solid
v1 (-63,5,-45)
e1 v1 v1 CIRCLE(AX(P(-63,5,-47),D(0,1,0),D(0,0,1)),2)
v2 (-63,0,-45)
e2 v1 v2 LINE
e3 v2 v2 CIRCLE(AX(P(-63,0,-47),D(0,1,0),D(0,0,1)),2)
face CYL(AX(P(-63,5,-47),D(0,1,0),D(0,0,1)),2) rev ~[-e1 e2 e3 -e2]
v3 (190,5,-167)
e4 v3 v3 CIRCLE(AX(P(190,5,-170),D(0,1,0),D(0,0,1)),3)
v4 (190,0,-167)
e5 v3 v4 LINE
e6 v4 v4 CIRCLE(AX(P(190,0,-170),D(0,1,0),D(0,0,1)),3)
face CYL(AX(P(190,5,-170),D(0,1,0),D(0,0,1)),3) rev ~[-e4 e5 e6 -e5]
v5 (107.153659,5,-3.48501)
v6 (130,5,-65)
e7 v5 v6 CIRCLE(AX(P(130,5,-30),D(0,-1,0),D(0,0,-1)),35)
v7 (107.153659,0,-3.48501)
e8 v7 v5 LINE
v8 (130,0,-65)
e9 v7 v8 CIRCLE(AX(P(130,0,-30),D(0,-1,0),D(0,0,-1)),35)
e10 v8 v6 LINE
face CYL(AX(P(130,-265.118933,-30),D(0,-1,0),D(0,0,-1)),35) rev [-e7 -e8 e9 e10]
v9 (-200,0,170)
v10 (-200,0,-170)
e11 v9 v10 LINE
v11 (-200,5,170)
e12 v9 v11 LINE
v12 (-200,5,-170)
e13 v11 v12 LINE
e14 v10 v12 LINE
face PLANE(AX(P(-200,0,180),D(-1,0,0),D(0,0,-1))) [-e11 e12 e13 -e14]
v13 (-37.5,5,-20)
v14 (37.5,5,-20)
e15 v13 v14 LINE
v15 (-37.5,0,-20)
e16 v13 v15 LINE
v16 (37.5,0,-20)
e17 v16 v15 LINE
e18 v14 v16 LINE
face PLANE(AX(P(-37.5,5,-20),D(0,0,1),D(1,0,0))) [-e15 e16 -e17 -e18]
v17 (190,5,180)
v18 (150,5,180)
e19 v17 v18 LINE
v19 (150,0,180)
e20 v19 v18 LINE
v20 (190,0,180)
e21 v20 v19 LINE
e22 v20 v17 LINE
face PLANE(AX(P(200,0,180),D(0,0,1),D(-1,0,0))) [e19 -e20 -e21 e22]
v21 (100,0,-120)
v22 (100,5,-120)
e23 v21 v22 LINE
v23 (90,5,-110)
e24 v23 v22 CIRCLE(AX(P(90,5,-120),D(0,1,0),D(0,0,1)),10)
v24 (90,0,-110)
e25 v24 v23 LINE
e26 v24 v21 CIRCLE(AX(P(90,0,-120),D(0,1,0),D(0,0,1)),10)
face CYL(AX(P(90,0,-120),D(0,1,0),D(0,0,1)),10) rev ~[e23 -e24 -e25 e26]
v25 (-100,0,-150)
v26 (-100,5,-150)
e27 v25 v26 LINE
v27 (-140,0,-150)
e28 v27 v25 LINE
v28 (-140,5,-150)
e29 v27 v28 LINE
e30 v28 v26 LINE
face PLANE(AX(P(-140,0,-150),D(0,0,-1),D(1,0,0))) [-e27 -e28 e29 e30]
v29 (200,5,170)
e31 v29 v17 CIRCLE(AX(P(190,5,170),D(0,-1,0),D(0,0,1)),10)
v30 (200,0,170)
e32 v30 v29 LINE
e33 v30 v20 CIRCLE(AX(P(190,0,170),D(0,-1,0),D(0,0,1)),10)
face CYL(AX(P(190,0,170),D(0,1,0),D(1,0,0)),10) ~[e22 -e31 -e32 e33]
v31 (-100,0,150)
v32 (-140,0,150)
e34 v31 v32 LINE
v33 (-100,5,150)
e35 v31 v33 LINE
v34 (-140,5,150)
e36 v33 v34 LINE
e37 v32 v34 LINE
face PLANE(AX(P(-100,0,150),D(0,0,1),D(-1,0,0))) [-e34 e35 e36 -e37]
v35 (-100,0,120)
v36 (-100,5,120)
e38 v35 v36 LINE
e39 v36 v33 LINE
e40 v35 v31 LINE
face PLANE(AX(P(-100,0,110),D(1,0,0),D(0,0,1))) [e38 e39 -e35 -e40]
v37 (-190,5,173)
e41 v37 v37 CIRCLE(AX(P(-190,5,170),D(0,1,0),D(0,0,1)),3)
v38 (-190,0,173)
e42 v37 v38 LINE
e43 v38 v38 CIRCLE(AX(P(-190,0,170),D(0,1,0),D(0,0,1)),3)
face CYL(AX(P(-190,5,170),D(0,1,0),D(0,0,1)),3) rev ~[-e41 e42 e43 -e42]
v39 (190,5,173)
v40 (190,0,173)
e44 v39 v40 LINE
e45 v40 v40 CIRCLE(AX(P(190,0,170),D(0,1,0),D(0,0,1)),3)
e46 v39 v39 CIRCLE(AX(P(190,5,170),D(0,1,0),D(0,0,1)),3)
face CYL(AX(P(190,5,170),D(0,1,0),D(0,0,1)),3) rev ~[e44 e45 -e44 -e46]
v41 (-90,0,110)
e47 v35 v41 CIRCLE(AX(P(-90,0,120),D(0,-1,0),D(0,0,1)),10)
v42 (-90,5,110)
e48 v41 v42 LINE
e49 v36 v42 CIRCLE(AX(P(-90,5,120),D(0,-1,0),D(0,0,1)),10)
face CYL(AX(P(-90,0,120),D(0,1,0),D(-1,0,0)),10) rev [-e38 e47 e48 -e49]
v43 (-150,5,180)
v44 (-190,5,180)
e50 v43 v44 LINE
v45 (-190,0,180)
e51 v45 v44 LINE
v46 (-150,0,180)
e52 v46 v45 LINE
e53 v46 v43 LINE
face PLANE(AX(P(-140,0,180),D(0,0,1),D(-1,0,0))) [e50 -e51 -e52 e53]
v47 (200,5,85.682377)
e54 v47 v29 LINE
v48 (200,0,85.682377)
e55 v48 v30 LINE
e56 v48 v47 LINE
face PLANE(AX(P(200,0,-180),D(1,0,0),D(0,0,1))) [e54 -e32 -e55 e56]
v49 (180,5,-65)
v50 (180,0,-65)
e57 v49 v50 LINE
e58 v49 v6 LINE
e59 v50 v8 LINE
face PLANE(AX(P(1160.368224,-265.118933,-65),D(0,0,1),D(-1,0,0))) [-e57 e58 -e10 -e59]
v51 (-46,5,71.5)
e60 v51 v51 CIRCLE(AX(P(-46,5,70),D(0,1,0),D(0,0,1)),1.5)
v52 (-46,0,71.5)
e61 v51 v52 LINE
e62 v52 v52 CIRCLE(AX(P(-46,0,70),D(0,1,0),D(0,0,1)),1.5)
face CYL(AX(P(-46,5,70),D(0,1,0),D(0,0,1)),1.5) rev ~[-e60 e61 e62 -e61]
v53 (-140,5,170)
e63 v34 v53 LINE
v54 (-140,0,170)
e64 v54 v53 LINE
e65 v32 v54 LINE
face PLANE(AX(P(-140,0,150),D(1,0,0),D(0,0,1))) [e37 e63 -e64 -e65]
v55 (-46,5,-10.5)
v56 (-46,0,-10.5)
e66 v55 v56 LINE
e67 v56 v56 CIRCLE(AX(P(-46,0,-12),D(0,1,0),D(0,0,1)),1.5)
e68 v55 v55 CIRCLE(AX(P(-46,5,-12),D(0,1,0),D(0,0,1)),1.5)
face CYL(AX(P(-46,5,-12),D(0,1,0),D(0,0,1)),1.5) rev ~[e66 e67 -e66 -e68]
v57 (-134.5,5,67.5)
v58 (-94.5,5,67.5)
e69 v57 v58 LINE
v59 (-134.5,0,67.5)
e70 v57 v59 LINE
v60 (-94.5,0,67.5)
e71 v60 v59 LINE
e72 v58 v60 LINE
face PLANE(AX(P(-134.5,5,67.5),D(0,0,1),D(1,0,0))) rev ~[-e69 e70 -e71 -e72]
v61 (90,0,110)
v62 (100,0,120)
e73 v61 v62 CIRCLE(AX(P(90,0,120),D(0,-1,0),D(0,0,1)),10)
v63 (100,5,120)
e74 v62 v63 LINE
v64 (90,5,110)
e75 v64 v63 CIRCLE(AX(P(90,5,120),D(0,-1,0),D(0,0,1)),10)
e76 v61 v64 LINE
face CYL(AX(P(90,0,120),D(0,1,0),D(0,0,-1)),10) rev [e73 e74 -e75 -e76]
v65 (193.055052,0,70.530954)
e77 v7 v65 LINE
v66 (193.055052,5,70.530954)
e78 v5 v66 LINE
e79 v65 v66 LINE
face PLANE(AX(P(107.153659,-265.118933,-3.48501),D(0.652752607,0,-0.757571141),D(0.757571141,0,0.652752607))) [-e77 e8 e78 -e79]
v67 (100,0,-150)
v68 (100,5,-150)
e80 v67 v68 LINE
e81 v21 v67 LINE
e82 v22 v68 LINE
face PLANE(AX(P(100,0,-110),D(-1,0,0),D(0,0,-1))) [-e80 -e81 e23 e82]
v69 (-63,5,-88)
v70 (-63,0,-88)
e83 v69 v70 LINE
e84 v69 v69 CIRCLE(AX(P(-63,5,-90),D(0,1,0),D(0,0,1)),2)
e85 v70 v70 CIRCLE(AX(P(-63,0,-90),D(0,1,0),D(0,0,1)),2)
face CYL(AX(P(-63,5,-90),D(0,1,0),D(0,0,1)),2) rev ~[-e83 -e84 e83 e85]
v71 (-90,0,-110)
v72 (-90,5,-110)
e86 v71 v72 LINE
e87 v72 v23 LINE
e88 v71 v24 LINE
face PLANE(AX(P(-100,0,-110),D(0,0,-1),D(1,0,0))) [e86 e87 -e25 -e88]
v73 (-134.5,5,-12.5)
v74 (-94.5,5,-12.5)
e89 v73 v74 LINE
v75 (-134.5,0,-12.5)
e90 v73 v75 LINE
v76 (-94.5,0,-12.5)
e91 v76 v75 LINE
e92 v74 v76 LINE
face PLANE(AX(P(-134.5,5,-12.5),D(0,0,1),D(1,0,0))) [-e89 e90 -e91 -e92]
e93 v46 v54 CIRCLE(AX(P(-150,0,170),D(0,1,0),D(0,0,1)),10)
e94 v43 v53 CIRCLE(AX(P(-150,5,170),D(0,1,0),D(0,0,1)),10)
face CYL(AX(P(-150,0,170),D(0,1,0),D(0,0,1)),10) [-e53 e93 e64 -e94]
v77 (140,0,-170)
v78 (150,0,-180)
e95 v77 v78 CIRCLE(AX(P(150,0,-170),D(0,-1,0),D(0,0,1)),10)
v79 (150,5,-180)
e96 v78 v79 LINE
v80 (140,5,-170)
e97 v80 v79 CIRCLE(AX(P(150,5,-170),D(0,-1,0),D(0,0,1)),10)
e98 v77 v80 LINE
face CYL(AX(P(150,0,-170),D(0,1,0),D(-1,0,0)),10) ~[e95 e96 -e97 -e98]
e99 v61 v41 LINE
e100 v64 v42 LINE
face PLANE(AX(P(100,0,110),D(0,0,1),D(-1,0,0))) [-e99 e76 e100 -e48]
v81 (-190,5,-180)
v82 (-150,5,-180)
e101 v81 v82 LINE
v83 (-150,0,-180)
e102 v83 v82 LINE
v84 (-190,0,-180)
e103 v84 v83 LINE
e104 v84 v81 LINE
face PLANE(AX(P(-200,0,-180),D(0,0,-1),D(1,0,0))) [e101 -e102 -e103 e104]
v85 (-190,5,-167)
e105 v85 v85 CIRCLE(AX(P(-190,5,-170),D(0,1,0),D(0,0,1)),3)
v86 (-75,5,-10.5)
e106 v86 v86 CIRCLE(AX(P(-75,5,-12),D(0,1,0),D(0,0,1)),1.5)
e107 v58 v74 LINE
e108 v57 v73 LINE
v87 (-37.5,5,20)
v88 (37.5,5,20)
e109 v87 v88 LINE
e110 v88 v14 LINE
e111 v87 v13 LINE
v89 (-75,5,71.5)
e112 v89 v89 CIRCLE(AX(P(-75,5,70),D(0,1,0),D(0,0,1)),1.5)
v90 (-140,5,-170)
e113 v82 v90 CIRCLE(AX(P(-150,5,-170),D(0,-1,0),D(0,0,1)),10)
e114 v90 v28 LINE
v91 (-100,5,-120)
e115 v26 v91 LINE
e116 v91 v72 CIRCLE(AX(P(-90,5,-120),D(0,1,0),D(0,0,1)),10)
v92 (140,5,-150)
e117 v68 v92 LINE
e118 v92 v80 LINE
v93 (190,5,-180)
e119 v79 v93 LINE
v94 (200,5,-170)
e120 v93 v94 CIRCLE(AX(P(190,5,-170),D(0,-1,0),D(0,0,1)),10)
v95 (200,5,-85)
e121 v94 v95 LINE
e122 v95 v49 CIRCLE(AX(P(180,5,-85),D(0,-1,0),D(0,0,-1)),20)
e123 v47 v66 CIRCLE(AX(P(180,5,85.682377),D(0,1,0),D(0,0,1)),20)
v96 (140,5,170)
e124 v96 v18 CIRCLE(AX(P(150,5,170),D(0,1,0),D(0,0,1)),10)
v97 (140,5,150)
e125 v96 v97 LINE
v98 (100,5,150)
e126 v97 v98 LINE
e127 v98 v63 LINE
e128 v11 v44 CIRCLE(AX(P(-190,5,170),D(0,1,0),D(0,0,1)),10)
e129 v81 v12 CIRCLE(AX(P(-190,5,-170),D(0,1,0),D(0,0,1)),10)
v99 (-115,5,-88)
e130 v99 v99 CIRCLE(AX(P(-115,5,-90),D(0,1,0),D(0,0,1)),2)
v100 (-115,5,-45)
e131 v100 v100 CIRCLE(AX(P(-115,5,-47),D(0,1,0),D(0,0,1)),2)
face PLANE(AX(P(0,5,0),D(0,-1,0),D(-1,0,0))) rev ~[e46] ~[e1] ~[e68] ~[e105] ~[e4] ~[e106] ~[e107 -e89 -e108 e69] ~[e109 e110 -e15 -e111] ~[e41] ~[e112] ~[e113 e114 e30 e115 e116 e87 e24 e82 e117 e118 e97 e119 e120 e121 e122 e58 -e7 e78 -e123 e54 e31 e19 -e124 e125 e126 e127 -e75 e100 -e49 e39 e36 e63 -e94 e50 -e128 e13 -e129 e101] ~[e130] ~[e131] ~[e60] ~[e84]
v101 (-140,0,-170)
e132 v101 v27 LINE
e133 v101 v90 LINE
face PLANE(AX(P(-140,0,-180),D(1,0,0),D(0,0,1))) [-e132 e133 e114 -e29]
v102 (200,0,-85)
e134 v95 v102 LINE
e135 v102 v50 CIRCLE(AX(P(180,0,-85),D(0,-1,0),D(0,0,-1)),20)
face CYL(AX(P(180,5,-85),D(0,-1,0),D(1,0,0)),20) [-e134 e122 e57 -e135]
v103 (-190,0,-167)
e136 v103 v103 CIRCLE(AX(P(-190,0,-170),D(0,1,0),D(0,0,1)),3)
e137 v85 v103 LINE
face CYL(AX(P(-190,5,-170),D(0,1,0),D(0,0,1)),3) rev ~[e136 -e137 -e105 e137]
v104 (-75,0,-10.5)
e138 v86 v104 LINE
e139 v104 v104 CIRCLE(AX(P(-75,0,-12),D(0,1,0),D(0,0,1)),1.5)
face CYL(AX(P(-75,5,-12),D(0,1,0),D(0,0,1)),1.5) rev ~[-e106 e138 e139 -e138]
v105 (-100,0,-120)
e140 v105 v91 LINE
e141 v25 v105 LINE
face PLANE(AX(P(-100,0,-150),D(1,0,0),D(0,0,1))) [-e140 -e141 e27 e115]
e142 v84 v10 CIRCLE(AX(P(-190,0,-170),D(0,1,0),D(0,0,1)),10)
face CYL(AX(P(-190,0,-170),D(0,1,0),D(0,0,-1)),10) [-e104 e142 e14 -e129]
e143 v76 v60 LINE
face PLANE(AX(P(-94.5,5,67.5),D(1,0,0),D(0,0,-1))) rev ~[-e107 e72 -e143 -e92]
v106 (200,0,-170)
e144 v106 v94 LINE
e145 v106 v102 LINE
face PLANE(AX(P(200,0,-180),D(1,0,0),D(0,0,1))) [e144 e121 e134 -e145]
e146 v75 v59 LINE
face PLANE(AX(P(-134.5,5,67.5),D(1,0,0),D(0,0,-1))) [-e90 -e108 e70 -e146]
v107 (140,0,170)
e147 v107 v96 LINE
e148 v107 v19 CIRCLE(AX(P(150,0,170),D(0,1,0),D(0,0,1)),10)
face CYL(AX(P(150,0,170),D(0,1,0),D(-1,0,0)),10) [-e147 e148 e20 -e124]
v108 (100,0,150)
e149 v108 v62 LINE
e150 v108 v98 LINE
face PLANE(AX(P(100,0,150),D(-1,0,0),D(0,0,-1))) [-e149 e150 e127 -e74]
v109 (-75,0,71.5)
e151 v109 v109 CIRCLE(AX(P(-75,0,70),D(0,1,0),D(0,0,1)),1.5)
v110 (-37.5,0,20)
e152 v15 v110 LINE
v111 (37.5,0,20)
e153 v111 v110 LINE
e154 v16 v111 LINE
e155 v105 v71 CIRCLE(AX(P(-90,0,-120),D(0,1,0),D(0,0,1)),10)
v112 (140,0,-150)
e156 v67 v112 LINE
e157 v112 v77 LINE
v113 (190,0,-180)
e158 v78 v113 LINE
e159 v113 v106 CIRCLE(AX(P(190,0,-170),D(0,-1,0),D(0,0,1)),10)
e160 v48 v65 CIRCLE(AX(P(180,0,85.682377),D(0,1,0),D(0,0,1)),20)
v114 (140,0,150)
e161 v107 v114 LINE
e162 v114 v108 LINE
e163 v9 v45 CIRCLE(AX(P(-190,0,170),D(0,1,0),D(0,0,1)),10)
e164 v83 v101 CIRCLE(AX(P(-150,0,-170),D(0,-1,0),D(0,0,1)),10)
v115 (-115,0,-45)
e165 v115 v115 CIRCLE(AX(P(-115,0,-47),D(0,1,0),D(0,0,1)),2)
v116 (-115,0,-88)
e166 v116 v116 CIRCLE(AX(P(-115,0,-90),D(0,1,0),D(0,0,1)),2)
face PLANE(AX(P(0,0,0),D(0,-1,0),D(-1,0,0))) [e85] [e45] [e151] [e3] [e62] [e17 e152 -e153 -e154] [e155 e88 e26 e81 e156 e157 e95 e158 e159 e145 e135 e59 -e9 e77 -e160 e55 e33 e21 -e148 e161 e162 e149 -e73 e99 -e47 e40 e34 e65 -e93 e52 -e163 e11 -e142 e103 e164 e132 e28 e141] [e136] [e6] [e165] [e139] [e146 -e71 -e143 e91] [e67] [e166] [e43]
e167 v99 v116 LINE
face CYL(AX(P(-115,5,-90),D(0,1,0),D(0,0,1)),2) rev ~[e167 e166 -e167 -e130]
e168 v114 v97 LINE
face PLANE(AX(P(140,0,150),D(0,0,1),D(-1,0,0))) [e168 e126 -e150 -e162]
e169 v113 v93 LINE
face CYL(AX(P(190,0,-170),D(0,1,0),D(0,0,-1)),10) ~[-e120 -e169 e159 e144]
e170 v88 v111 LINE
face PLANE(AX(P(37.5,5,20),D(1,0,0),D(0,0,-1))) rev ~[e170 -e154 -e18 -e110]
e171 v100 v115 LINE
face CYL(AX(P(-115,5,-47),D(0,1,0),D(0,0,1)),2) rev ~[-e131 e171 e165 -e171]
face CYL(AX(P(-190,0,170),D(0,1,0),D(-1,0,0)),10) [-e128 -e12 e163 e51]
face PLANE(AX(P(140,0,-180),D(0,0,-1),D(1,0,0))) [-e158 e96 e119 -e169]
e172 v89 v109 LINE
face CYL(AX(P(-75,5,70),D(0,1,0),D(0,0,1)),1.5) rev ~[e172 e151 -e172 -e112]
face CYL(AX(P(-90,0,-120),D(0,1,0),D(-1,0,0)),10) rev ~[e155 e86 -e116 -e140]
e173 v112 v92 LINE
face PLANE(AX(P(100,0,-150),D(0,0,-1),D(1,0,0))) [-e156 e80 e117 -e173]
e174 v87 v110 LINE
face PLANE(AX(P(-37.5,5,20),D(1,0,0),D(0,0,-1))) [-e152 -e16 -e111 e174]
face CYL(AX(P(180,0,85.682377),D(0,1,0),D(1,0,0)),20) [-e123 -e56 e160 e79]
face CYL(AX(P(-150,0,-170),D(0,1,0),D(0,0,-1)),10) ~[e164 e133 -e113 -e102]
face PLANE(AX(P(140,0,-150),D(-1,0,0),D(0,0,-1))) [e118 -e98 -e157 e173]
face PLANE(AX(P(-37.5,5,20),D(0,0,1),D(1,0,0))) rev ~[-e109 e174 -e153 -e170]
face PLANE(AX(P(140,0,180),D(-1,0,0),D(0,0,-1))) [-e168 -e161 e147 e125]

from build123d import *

# Parameters (mm, degrees)
SKETCH_4_R                = 15
EXTRUDE_1_DEPTH           = 5
SKETCH_6_R                = 1.5
SKETCH_6_R_2              = 2
SKETCH_6_R_3              = 1.6
SKETCH_6_R_4              = 1.75
CUT_EXTRUDE_2_DEPTH       = 5
SKETCH_8_R                = 3
CUT_EXTRUDE_4_DEPTH       = 10
FILLET_1_R                = 10
CUT_EXTRUDE_24_DEPTH      = 270.118932816
CUT_EXTRUDE_24_DEPTH_BACK = 270.118932816
SKETCH_23_W               = 75
SKETCH_23_H               = 40
SKETCH_23_W_2             = 40
SKETCH_23_H_2             = 80
CUT_EXTRUDE_26_DEPTH      = 270.118932816
FILLET_2_R                = 20


with BuildPart() as part:
    # 草圖4 → 伸長1 (new body)
    with BuildSketch(Plane(origin=(0, 0, 0), x_dir=(1, 0, 0), z_dir=(0, 1, 0))):
        Polygon((-200, 180), (-140, 180), (-140, 150), (-100, 150), (-100, 110), (100, 110), (100, 150), (140, 150), (140, 180), (200, 180), (200, -180), (140, -180), (140, -150), (100, -150), (100, -110), (-100, -110), (-100, -150), (-140, -150), (-140, -180), (-200, -180), align=None)
        with Locations(Location((0, 0, 0), (0, 0, 270))):
            Circle(SKETCH_4_R, mode=Mode.SUBTRACT)
    extrude(amount=EXTRUDE_1_DEPTH)

    # 草圖6 → 伸長2 (cut)
    with BuildSketch(Plane(origin=(0, 5, 0), x_dir=(-1, 0, 0), z_dir=(0, 1, 0))):
        with Locations(Location((75, -12, 0), (0, 0, 90))):
            Circle(SKETCH_6_R)
        with Locations(Location((46, -12, 0), (0, 0, 90))):
            Circle(SKETCH_6_R)
        with Locations(Location((46, 70, 0), (0, 0, 90))):
            Circle(SKETCH_6_R)
        with Locations(Location((75, 70, 0), (0, 0, 90))):
            Circle(SKETCH_6_R)
        with Locations(Location((63, -90, 0), (0, 0, 90))):
            Circle(SKETCH_6_R_2)
        with Locations(Location((115, -90, 0), (0, 0, 90))):
            Circle(SKETCH_6_R_2)
        with Locations(Location((115, -47, 0), (0, 0, 90))):
            Circle(SKETCH_6_R_2)
        with Locations(Location((63, -47, 0), (0, 0, 90))):
            Circle(SKETCH_6_R_2)
        with Locations(Location((130, -10, 0), (0, 0, 90))):
            Circle(SKETCH_6_R_3)
        with Locations(Location((130, 65, 0), (0, 0, 90))):
            Circle(SKETCH_6_R_3)
        with Locations(Location((99, 65, 0), (0, 0, 90))):
            Circle(SKETCH_6_R_3)
        with Locations(Location((99, -10, 0), (0, 0, 90))):
            Circle(SKETCH_6_R_3)
        with Locations(Location((33, 16.5, 0), (0, 0, 90))):
            Circle(SKETCH_6_R_4)
        with Locations(Location((33, -16.5, 0), (0, 0, 90))):
            Circle(SKETCH_6_R_4)
        with Locations(Location((-33, -16.5, 0), (0, 0, 90))):
            Circle(SKETCH_6_R_4)
        with Locations(Location((-33, 16.5, 0), (0, 0, 90))):
            Circle(SKETCH_6_R_4)
    extrude(amount=-CUT_EXTRUDE_2_DEPTH, mode=Mode.SUBTRACT)

    # 草圖8 → 伸長4 (cut)
    with BuildSketch(Plane(origin=(0, 5, 0), x_dir=(1, 0, 0), z_dir=(0, 1, 0))):
        with Locations(Location((190, 170, 0), (0, 0, 270))):
            Circle(SKETCH_8_R)
        with Locations(Location((-190, 170, 0), (0, 0, 270))):
            Circle(SKETCH_8_R)
        with Locations(Location((-190, -170, 0), (0, 0, 270))):
            Circle(SKETCH_8_R)
        with Locations(Location((190, -170, 0), (0, 0, 270))):
            Circle(SKETCH_8_R)
    extrude(amount=-CUT_EXTRUDE_4_DEPTH, mode=Mode.SUBTRACT)

    # 圓角1
    fillet_1_edges = [part.edges().sort_by_distance(p)[0] for p in [
        (-200, 2.5, -180),
        (-140, 2.5, -180),
        (-100, 2.5, -110),
        (100, 2.5, -110),
        (140, 2.5, -180),
        (200, 2.5, -180),
        (200, 2.5, 180),
        (140, 2.5, 180),
        (100, 2.5, 110),
        (-100, 2.5, 110),
        (-140, 2.5, 180),
        (-200, 2.5, 180),
    ]]
    fillet(fillet_1_edges, radius=FILLET_1_R)

    # 草圖21 → 伸長24 (cut, two sides: drawn at the far end of the back side and taken through both)
    with BuildSketch(Plane(origin=(0, 5, 0), x_dir=(1, 0, 0), z_dir=(0, 1, 0)).offset(-CUT_EXTRUDE_24_DEPTH_BACK)):
        with BuildLine():
            Line((1160.368223513, 65), (200, 65))
            Line((200, 65), (130, 65))
            ThreePointArc((130, 65), (97.189752759, 42.185551936), (107.153658755, 3.485010057))
            Line((107.153658755, 3.485010057), (200, -76.514989943))
            Line((200, -76.514989943), (927.547251098, -703.397851531))
            Line((927.547251098, -703.397851531), (2765.756739288, -1260.366770288))
            Line((2765.756739288, -1260.366770288), (2998.577711703, -491.968918756))
            Line((2998.577711703, -491.968918756), (1160.368223513, 65))
        make_face()
    extrude(amount=CUT_EXTRUDE_24_DEPTH + CUT_EXTRUDE_24_DEPTH_BACK, mode=Mode.SUBTRACT)

    # 草圖23 → 伸長26 (cut, through all)
    with BuildSketch(Plane(origin=(0, 5, 0), x_dir=(1, 0, 0), z_dir=(0, 1, 0))):
        Rectangle(SKETCH_23_W, SKETCH_23_H)
        with Locations((-114.5, -27.5)):
            Rectangle(SKETCH_23_W_2, SKETCH_23_H_2)
    extrude(amount=-CUT_EXTRUDE_26_DEPTH, mode=Mode.SUBTRACT)

    # 圓角2
    fillet_2_edges = [part.edges().sort_by_distance(p)[0] for p in [
        (200, 2.5, 76.514989943),
        (200, 2.5, -65),
    ]]
    fillet(fillet_2_edges, radius=FILLET_2_R)


solid = part.part
